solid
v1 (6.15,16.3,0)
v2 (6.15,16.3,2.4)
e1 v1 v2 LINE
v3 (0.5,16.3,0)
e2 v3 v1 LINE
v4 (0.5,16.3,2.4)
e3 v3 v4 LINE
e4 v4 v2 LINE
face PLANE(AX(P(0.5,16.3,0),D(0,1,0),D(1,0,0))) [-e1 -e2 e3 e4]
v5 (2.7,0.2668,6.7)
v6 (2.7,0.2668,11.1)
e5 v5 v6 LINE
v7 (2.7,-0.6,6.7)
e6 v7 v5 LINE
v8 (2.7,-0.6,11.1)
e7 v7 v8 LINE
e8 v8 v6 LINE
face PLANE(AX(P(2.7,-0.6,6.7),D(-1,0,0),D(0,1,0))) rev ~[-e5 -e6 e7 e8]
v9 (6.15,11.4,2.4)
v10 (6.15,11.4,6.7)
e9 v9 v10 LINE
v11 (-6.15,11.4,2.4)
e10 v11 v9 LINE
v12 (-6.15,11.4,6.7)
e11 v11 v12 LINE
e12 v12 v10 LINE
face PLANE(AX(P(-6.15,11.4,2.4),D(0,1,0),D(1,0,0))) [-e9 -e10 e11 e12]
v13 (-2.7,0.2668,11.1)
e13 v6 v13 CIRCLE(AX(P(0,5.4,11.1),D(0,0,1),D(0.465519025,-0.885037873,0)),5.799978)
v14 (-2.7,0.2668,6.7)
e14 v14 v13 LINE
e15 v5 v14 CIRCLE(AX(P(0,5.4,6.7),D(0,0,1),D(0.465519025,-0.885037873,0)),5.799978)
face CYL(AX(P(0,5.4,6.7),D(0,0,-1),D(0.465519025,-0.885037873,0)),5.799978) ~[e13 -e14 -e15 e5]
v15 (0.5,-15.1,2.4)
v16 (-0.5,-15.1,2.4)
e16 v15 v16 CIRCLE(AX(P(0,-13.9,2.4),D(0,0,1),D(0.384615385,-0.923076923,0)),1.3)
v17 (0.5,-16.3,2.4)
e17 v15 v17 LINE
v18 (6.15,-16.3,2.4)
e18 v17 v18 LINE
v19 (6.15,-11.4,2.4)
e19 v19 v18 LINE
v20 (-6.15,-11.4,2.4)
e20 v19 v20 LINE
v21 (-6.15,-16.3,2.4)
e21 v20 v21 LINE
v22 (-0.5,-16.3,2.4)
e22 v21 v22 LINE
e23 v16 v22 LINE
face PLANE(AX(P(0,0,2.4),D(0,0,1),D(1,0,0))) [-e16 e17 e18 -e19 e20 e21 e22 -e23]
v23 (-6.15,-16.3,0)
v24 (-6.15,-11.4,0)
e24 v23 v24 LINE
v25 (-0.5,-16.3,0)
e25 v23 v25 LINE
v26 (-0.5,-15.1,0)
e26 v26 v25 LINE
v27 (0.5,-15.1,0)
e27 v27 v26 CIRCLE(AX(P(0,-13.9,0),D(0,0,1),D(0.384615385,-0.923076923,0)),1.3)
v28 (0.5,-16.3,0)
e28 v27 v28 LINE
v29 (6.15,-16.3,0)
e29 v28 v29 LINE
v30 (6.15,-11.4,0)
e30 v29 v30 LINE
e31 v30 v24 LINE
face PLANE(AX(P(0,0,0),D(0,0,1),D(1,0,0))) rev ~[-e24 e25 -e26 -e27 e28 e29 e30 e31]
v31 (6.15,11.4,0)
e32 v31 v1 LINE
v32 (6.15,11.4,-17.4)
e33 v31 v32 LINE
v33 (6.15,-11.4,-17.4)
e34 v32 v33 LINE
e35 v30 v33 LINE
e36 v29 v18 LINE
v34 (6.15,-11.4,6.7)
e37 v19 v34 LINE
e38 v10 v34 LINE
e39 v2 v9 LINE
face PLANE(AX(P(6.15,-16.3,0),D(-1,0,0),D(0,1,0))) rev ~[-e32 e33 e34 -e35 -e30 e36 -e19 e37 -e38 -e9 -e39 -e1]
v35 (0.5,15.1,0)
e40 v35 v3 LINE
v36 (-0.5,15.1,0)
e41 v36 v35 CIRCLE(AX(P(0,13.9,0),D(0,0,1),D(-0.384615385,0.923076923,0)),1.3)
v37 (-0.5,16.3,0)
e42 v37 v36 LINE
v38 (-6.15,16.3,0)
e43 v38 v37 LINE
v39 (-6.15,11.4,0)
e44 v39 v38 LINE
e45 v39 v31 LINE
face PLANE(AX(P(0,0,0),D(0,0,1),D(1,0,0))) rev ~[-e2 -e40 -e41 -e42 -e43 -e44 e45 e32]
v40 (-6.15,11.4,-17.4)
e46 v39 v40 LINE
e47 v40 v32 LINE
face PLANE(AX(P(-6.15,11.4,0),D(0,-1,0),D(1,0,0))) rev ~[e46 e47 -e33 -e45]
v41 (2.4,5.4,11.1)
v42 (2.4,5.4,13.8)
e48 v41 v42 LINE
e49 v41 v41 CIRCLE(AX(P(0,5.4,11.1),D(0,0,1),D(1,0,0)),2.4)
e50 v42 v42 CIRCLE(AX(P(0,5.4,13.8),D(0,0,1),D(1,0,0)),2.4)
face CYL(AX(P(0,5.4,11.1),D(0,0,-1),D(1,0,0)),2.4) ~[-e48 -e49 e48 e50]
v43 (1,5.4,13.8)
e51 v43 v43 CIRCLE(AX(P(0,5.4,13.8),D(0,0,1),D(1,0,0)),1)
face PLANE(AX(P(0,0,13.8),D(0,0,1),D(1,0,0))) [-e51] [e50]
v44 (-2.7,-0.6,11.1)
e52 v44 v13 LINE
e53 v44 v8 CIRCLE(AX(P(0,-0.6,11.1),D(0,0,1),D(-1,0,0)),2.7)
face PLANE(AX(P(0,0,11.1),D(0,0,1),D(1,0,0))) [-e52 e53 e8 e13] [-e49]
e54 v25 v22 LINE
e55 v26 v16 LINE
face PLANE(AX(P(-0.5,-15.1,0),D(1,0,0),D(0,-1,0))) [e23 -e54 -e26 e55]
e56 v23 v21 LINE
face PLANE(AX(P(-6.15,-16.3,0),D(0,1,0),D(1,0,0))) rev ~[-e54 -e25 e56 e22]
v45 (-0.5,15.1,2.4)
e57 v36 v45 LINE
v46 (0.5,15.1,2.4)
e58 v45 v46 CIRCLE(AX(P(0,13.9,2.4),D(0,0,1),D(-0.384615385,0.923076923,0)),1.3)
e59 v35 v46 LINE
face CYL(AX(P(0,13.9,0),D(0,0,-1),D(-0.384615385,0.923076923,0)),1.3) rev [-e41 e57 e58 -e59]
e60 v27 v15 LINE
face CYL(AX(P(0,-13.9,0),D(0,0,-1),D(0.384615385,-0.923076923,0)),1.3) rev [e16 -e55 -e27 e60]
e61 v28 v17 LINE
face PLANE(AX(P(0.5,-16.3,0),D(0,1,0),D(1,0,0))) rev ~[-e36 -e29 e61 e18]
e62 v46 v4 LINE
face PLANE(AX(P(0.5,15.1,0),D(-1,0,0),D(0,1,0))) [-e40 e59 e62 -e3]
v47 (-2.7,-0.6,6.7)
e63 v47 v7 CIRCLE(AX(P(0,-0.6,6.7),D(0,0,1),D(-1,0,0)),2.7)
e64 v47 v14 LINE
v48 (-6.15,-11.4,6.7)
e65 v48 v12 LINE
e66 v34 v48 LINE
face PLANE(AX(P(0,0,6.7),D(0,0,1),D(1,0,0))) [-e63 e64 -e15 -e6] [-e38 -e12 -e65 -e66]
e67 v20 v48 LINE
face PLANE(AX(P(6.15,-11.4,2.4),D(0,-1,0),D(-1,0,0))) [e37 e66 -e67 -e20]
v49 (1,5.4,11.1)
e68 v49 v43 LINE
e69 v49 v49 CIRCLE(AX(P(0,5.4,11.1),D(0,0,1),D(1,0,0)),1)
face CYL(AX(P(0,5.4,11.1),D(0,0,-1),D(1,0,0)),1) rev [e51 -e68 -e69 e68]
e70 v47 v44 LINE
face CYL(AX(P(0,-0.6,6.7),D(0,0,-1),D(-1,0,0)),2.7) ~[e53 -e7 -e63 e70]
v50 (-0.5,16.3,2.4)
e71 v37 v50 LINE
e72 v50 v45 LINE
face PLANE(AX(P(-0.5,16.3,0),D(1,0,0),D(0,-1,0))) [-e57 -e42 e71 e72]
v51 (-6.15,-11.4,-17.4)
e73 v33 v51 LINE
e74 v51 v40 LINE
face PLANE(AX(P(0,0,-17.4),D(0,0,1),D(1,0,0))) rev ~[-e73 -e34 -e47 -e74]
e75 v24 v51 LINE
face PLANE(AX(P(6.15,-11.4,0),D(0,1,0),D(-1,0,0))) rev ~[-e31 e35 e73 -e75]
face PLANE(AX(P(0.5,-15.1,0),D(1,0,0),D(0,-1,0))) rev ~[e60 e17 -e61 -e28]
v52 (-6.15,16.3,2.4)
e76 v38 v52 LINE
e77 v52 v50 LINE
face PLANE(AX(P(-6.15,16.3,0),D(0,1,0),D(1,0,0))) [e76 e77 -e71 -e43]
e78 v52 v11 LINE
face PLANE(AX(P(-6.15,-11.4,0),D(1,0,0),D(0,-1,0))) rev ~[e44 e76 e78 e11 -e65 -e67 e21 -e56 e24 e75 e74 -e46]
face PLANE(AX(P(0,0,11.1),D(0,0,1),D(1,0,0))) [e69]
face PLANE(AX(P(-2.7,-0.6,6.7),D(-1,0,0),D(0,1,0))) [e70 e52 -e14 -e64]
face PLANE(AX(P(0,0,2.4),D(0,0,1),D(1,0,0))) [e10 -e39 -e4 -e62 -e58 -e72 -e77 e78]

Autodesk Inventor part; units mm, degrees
ref_plane "YZ Plane" through (0, 0, 0) normal (1, 0, 0) x (0, 1, 0)
ref_plane "XZ Plane" through (0, 0, 0) normal (0, 1, 0) x (-1, 0, 0)
ref_plane "XY Plane" through (0, 0, 0) normal (0, 0, 1) x (1, 0, 0)
sketch "Sketch1" plane through (0, 0, 0) normal (0, 0, 1) x (1, 0, 0)
  line L0 (6.15, -11.4) -> (-6.15, -11.4)
  line L1 (-6.15, -11.4) -> (-6.15, 11.4)
  line L2 (-6.15, 11.4) -> (6.15, 11.4)
  line L3 (6.15, 11.4) -> (6.15, -11.4)
  line L4 (6.15, -11.4) -> (-6.15, 11.4) construction
  line L5 (-6.15, -11.4) -> (6.15, 11.4) construction
  line L6 (-6.15, 11.4) -> (-6.15, 16.3)
  line L7 (6.15, 16.3) -> (6.15, 11.4)
  line L8 (-6.15, -11.4) -> (-6.15, -16.3)
  line L9 (6.15, -16.3) -> (6.15, -11.4)
  arc A0 (-0.5, 15.1) -> (0.5, 15.1) centre (0, 13.9) ccw
  line L10 (0, 13.9) -> (0, 11.4) construction
  line L11 (-0.5, 16.3) -> (-0.5, 15.1)
  line L12 (0.5, 15.1) -> (0.5, 16.3)
  line L13 (-0.5, 15.1) -> (0.5, 15.1) construction
  line L14 (0, 13.9) -> (0, 15.1) construction
  line L15 (-6.15, 16.3) -> (-0.5, 16.3)
  line L16 (0.5, 16.3) -> (6.15, 16.3)
  arc A1 (0.5, -15.1) -> (-0.5, -15.1) centre (0, -13.9) ccw
  line L17 (-0.5, -15.1) -> (-0.5, -16.3)
  line L18 (0.5, -15.1) -> (0.5, -16.3)
  line L19 (-0.5, -15.1) -> (0.5, -15.1) construction
  line L20 (0, -15.1) -> (0, -13.9) construction
  line L21 (0, -13.9) -> (0, -11.4) construction
  line L22 (-6.15, -16.3) -> (-0.5, -16.3)
  line L23 (0.5, -16.3) -> (6.15, -16.3)
  line L24 (0, 11.4) -> (0, 5.4) construction
  circle A2 centre (0, 5.4) radius 1
  circle A3 centre (0, 5.4) radius 2.4
  arc A4 (-2.7, -0.6) -> (2.7, -0.6) centre (0, -0.6) ccw
  line L25 (0, 5.4) -> (0, -0.6) construction
  line L26 (-2.7, -0.6) -> (-2.7, 0.2668)
  line L27 (2.7, -0.6) -> (2.7, 0.2668)
  arc A5 (2.7, 0.2668) -> (-2.7, 0.2668) centre (0, 5.4) ccw
  point P0 (0, 0)
  dimension "d0" = 22.8
  dimension "d1" = 12.3
  dimension "d4" = 2.6
  dimension "d5" = 2.5
  dimension "d6" = 1
  dimension "d7" = 4.9
  dimension "d8" = 2.5
  dimension "d9" = 1
  dimension "d10" = 2.6
  dimension "d11" = 4.9
  dimension "d14" = 6
  dimension "d15" = 2
  dimension "d16" = 4.8
  dimension "d17" = 5.4
  dimension "d18" = 6
  dimension "d19" = 5.8
extrude "Extrusion1" add sketch "Sketch1" against normal blind 17.4 contours L0 L1 L2 L3 | A2 | A3 | L26 A5 L27 A4
extrude "Extrusion2" add sketch "Sketch1" along normal blind 2.4 contours L9 L23 L18 A1 L17 L22 L8 L0 | L0 L1 L2 L3 | L2 L6 L15 L11 A0 L12 L16 L7 | A2 | A3 | L26 A5 L27 A4
extrude "Extrusion3" add sketch "Sketch1" along normal blind 4.3 from surface at 2.4 contours L0 L1 L2 L3 | A2 | A3 | L26 A5 L27 A4
extrude "Extrusion4" add sketch "Sketch1" along normal blind 4.4 from surface at 6.7 contours A2 | A3 | L26 A5 L27 A4
extrude "Extrusion5" add sketch "Sketch1" along normal blind 2.7 from surface at 11.1 contours A3
equation "\"d8\" = d5"
equation "\"d9\" = d6"
equation "\"d10\" = d4"
equation "\"d11\" = d7"
equation "\"d3\" = d2"
equation "\"d2\" = 4.9"
properties part number "SG90 Servo"
